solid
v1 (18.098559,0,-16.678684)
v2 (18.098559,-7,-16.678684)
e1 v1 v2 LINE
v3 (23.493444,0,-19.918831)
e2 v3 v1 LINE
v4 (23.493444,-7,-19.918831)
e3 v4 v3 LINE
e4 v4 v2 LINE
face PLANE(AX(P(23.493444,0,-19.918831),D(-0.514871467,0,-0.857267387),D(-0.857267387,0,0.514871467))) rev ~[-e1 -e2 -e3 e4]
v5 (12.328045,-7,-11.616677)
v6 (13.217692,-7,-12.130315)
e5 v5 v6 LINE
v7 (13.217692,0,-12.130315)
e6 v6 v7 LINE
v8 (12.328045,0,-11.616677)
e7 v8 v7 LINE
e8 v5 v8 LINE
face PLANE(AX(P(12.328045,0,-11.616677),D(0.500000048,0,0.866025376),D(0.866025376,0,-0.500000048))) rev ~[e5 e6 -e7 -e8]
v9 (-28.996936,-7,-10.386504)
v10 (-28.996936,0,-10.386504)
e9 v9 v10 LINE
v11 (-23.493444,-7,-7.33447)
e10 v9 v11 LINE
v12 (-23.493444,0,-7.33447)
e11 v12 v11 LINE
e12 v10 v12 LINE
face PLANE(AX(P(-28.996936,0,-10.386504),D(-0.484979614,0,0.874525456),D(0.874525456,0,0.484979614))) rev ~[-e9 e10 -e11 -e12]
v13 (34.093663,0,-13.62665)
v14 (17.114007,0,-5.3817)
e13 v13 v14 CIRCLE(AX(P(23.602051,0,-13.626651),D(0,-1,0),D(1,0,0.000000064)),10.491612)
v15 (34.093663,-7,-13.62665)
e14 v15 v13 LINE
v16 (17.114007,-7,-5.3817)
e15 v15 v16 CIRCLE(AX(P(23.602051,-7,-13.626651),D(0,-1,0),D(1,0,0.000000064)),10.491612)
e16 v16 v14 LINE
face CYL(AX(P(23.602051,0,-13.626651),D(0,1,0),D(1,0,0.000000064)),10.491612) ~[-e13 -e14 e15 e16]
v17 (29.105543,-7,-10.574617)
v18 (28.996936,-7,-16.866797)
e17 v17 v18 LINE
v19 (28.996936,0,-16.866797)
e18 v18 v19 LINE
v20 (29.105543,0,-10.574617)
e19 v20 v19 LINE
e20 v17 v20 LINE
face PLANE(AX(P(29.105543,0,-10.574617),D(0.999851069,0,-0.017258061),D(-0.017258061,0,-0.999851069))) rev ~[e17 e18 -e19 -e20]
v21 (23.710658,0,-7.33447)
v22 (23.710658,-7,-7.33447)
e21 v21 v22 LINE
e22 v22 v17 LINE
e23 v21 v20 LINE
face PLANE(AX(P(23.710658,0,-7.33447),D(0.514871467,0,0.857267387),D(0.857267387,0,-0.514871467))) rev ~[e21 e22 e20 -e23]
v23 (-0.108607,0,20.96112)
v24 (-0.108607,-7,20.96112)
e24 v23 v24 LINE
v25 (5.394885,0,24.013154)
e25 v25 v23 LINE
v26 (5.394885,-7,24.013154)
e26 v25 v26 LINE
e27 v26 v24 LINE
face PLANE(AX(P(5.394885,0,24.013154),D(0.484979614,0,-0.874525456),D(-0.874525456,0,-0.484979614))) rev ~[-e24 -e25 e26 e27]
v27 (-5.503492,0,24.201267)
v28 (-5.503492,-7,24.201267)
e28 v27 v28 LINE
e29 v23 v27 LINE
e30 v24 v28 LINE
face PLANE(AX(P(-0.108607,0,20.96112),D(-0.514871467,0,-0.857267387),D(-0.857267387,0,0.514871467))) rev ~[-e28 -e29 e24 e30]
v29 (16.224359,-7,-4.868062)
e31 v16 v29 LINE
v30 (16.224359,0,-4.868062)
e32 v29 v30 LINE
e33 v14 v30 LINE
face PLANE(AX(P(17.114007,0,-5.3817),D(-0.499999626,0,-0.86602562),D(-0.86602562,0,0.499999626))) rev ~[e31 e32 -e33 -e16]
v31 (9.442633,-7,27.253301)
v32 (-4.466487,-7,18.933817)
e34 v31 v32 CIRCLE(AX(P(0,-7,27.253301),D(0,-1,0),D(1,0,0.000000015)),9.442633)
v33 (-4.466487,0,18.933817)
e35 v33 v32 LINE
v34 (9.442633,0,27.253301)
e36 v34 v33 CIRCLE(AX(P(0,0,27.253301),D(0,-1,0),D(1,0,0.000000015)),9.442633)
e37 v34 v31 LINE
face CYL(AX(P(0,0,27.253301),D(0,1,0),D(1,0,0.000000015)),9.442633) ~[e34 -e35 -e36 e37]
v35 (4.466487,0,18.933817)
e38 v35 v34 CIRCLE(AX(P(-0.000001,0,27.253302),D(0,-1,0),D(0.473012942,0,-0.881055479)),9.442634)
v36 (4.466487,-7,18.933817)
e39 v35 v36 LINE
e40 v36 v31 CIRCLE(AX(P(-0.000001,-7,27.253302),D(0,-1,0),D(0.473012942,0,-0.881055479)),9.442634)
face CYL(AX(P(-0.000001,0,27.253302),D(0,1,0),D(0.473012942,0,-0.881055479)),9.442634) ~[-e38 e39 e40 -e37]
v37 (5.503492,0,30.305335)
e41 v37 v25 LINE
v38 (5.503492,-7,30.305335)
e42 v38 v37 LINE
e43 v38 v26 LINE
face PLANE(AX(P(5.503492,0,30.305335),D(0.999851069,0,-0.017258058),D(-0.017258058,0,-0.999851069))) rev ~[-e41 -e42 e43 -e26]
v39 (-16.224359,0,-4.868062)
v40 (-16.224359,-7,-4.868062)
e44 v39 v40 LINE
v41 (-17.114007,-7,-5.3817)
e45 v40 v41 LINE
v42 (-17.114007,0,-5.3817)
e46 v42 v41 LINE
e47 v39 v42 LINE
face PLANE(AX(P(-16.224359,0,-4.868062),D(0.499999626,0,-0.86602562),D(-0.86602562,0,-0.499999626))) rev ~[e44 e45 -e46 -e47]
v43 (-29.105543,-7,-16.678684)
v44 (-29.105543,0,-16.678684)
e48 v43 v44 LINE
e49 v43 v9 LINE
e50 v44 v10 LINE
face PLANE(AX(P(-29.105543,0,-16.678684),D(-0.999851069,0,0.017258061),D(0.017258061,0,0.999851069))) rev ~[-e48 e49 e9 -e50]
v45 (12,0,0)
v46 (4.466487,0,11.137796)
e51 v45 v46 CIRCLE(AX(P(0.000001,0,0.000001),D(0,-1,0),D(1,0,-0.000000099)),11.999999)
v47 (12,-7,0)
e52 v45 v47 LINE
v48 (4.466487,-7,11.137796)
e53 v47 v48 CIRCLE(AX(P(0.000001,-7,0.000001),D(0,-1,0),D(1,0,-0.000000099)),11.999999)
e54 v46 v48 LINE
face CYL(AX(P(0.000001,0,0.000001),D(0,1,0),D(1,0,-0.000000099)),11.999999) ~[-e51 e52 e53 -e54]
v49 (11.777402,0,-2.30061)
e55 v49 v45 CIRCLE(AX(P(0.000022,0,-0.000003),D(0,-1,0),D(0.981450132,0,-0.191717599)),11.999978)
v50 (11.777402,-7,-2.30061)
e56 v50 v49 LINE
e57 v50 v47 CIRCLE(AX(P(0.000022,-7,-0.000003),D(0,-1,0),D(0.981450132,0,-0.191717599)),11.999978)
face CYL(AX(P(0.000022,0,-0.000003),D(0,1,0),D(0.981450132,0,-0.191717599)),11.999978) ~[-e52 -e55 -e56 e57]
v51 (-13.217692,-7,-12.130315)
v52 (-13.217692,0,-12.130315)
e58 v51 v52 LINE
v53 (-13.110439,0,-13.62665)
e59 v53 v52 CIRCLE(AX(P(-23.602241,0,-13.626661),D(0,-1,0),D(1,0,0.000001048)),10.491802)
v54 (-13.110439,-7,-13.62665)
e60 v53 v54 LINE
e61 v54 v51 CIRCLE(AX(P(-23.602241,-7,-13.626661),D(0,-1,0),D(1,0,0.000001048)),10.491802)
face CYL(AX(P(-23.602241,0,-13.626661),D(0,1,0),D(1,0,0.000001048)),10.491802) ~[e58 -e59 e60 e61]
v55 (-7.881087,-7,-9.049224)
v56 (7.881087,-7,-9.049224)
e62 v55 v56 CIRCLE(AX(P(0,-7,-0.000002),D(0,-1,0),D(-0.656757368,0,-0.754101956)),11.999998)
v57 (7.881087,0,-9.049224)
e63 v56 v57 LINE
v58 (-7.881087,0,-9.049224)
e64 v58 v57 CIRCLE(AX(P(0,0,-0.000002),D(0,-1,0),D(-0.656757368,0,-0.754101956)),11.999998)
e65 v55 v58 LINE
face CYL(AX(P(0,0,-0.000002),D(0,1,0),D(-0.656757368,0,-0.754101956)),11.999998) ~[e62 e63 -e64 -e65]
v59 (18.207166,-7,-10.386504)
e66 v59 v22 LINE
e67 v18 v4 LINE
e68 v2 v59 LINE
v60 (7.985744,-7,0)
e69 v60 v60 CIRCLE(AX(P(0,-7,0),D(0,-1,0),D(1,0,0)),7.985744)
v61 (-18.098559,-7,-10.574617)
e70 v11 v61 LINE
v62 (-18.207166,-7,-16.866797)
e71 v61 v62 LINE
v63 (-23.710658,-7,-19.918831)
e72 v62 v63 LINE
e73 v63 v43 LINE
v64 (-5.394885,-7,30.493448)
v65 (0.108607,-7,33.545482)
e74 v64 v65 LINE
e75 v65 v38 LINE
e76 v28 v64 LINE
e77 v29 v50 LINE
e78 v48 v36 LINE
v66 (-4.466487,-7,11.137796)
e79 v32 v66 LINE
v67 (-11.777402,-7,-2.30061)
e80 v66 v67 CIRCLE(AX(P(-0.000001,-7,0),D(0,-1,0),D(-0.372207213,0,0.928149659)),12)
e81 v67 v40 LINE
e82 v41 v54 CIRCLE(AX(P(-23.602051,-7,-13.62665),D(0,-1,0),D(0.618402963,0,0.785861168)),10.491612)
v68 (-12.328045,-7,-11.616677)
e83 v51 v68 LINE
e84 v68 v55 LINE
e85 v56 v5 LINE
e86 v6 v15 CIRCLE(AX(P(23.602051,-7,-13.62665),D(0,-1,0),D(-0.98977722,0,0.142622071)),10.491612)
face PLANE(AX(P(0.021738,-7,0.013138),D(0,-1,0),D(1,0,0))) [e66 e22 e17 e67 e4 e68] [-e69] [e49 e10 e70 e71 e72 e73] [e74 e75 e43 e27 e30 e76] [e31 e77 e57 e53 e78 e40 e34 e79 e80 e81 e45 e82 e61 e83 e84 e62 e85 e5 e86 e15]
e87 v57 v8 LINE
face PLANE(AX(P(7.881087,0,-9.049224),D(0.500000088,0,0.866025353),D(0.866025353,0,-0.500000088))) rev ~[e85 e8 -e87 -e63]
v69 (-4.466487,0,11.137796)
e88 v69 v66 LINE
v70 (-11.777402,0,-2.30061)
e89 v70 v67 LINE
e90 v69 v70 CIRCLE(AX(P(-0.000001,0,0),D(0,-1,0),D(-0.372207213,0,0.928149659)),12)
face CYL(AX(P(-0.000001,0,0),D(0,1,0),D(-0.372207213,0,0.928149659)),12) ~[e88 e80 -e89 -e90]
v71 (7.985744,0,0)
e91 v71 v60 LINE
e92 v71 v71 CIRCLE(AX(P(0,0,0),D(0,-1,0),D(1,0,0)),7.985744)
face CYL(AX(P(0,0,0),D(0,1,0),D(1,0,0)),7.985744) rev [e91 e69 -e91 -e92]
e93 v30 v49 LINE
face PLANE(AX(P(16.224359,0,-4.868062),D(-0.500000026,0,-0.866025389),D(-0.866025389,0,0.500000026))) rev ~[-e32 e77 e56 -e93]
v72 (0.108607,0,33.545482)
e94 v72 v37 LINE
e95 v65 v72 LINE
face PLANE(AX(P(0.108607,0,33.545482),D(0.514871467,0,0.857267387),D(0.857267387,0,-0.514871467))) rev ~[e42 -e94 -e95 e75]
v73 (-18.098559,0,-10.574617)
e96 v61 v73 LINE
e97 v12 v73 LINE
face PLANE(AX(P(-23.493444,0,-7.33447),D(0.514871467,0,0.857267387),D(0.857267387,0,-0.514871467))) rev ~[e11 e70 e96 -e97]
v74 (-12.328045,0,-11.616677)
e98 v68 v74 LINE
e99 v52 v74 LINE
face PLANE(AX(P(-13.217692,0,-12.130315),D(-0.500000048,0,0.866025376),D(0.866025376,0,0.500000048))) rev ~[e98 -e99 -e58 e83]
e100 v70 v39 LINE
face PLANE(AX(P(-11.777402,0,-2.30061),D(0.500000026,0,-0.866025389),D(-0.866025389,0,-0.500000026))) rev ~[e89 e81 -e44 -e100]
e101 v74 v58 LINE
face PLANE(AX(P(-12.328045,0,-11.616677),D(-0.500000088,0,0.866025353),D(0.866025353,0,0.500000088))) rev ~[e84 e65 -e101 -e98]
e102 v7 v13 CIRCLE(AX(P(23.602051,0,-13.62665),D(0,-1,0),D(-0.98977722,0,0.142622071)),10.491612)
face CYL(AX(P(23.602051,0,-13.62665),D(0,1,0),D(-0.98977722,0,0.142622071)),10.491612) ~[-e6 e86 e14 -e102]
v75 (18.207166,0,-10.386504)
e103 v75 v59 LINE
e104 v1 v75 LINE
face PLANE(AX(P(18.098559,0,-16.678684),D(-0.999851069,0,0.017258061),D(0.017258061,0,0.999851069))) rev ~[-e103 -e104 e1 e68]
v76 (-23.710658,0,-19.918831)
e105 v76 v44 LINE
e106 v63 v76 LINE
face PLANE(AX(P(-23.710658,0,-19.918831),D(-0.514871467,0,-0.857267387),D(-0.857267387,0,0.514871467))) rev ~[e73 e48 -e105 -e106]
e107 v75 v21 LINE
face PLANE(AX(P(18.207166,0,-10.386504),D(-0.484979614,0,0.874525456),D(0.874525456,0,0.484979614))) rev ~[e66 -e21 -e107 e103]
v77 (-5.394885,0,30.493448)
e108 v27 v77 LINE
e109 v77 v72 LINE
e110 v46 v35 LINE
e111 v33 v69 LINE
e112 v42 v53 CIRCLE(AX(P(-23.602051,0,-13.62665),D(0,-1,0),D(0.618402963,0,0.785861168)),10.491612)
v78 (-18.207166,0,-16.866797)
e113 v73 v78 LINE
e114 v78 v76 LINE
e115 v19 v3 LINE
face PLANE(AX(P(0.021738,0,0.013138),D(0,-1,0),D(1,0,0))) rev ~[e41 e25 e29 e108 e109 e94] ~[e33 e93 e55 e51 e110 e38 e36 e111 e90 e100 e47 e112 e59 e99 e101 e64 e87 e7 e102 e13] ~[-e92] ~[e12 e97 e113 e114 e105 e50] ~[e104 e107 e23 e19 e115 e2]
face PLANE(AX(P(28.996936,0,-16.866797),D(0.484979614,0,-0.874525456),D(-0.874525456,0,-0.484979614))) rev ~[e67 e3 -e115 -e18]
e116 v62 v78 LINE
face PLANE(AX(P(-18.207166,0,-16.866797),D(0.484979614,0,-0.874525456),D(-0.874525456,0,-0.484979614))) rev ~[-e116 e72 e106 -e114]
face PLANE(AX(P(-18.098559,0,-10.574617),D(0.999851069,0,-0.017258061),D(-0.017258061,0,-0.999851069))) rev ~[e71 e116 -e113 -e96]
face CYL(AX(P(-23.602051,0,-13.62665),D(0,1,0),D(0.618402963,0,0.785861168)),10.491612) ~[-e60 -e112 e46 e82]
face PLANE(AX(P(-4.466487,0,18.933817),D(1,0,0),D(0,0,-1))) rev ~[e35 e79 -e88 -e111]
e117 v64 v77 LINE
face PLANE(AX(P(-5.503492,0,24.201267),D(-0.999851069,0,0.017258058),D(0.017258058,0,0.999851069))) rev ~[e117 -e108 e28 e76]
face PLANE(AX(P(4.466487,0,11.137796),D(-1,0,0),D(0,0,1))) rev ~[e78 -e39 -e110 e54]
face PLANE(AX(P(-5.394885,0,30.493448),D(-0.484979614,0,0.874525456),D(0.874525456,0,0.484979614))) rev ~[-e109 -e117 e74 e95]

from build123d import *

# Parameters (mm, degrees)
F0_R     = 7.985744
F1_DEPTH = 7
F2_DEPTH = 0.25


with BuildPart() as f1:
    # F0 (on Front) → F1 (new body)
    with BuildSketch(Plane.XZ):
        with BuildLine():
            ThreePointArc((11.777402, -2.30061), (11.944221, -1.155677), (12, 0))
            ThreePointArc((12, 0), (9.939765, 6.723175), (4.466487, 11.137796))
            ThreePointArc((4.466487, 11.137796), (0, 12), (-4.466487, 11.137796))
            ThreePointArc((-4.466487, 11.137796), (-10.541047, 5.734661), (-11.777402, -2.30061))
            ThreePointArc((-11.777402, -2.30061), (-10.392305, -6), (-7.881087, -9.049224))
            ThreePointArc((-7.881087, -9.049224), (0, -12), (7.881087, -9.049224))
            ThreePointArc((7.881087, -9.049224), (10.392305, -6), (11.777402, -2.30061))
        make_face()
        Circle(F0_R, mode=Mode.SUBTRACT)
        with BuildLine():
            ThreePointArc((-4.466487, 11.137796), (0, 12), (4.466487, 11.137796))
            Line((4.466487, 11.137796), (4.466487, 17.906541))
            Line((4.466487, 17.906541), (4.466487, 18.933817))
            ThreePointArc((4.466487, 18.933817), (0, 17.810668), (-4.466487, 18.933817))
            Line((-4.466487, 18.933817), (-4.466487, 17.906541))
            Line((-4.466487, 17.906541), (-4.466487, 11.137796))
        make_face()
        with BuildLine():
            Line((16.224359, -4.868062), (11.777402, -2.30061))
            ThreePointArc((11.777402, -2.30061), (10.392305, -6), (7.881087, -9.049224))
            Line((7.881087, -9.049224), (12.328045, -11.616677))
            Line((12.328045, -11.616677), (13.217692, -12.130315))
            ThreePointArc((13.217692, -12.130315), (14.516048, -8.380844), (17.114007, -5.3817))
            Line((17.114007, -5.3817), (16.224359, -4.868062))
        make_face()
        with BuildLine():
            ThreePointArc((-7.881087, -9.049224), (-10.392305, -6), (-11.777402, -2.30061))
            Line((-11.777402, -2.30061), (-16.224359, -4.868062))
            Line((-16.224359, -4.868062), (-17.114007, -5.3817))
            ThreePointArc((-17.114007, -5.3817), (-14.516048, -8.380844), (-13.217692, -12.130315))
            Line((-13.217692, -12.130315), (-12.328045, -11.616677))
            Line((-12.328045, -11.616677), (-7.881087, -9.049224))
        make_face()
        with BuildLine():
            ThreePointArc((-4.466487, 18.933817), (0, 17.810668), (4.466487, 18.933817))
            ThreePointArc((4.466487, 18.933817), (8.103663, 22.406244), (9.442633, 27.253301))
            ThreePointArc((9.442633, 27.253301), (-4.847057, 35.356964), (-4.466487, 18.933817))
        make_face()
        Polygon((5.394885, 24.013154), (-0.108607, 20.96112), (-5.503492, 24.201267), (-5.394885, 30.493448), (0.108607, 33.545482), (5.503492, 30.305335), align=None, mode=Mode.SUBTRACT)
        with BuildLine():
            ThreePointArc((34.093663, -13.62665), (28.184838, -4.188855), (17.114007, -5.3817))
            ThreePointArc((17.114007, -5.3817), (14.516048, -8.380844), (13.217692, -12.130315))
            ThreePointArc((13.217692, -12.130315), (22.851964, -24.091415), (34.093663, -13.62665))
        make_face()
        Polygon((18.098559, -16.678684), (18.207166, -10.386504), (23.710658, -7.33447), (29.105543, -10.574617), (28.996936, -16.866797), (23.493444, -19.918831), align=None, mode=Mode.SUBTRACT)
        with BuildLine():
            ThreePointArc((-13.217692, -12.130315), (-14.516048, -8.380844), (-17.114007, -5.3817))
            ThreePointArc((-17.114007, -5.3817), (-33.039846, -18.209438), (-13.110439, -13.62665))
            ThreePointArc((-13.110439, -13.62665), (-13.137287, -12.876563), (-13.217692, -12.130315))
        make_face()
        Polygon((-23.493444, -7.33447), (-18.098559, -10.574617), (-18.207166, -16.866797), (-23.710658, -19.918831), (-29.105543, -16.678684), (-28.996936, -10.386504), align=None, mode=Mode.SUBTRACT)
    extrude(amount=F1_DEPTH)

    # F0 (on Front) → F2 (join)
    with BuildSketch(Plane.XZ):
        with BuildLine():
            ThreePointArc((11.777402, -2.30061), (11.944221, -1.155677), (12, 0))
            ThreePointArc((12, 0), (9.939765, 6.723175), (4.466487, 11.137796))
            ThreePointArc((4.466487, 11.137796), (0, 12), (-4.466487, 11.137796))
            ThreePointArc((-4.466487, 11.137796), (-10.541047, 5.734661), (-11.777402, -2.30061))
            ThreePointArc((-11.777402, -2.30061), (-10.392305, -6), (-7.881087, -9.049224))
            ThreePointArc((-7.881087, -9.049224), (0, -12), (7.881087, -9.049224))
            ThreePointArc((7.881087, -9.049224), (10.392305, -6), (11.777402, -2.30061))
        make_face()
        Circle(F0_R, mode=Mode.SUBTRACT)
        with BuildLine():
            ThreePointArc((-4.466487, 11.137796), (0, 12), (4.466487, 11.137796))
            Line((4.466487, 11.137796), (4.466487, 17.906541))
            Line((4.466487, 17.906541), (4.466487, 18.933817))
            ThreePointArc((4.466487, 18.933817), (0, 17.810668), (-4.466487, 18.933817))
            Line((-4.466487, 18.933817), (-4.466487, 17.906541))
            Line((-4.466487, 17.906541), (-4.466487, 11.137796))
        make_face()
        with BuildLine():
            Line((16.224359, -4.868062), (11.777402, -2.30061))
            ThreePointArc((11.777402, -2.30061), (10.392305, -6), (7.881087, -9.049224))
            Line((7.881087, -9.049224), (12.328045, -11.616677))
            Line((12.328045, -11.616677), (13.217692, -12.130315))
            ThreePointArc((13.217692, -12.130315), (14.516048, -8.380844), (17.114007, -5.3817))
            Line((17.114007, -5.3817), (16.224359, -4.868062))
        make_face()
        with BuildLine():
            ThreePointArc((-7.881087, -9.049224), (-10.392305, -6), (-11.777402, -2.30061))
            Line((-11.777402, -2.30061), (-16.224359, -4.868062))
            Line((-16.224359, -4.868062), (-17.114007, -5.3817))
            ThreePointArc((-17.114007, -5.3817), (-14.516048, -8.380844), (-13.217692, -12.130315))
            Line((-13.217692, -12.130315), (-12.328045, -11.616677))
            Line((-12.328045, -11.616677), (-7.881087, -9.049224))
        make_face()
        with BuildLine():
            ThreePointArc((-4.466487, 18.933817), (0, 17.810668), (4.466487, 18.933817))
            ThreePointArc((4.466487, 18.933817), (8.103663, 22.406244), (9.442633, 27.253301))
            ThreePointArc((9.442633, 27.253301), (-4.847057, 35.356964), (-4.466487, 18.933817))
        make_face()
        Polygon((5.394885, 24.013154), (-0.108607, 20.96112), (-5.503492, 24.201267), (-5.394885, 30.493448), (0.108607, 33.545482), (5.503492, 30.305335), align=None, mode=Mode.SUBTRACT)
        with BuildLine():
            ThreePointArc((34.093663, -13.62665), (28.184838, -4.188855), (17.114007, -5.3817))
            ThreePointArc((17.114007, -5.3817), (14.516048, -8.380844), (13.217692, -12.130315))
            ThreePointArc((13.217692, -12.130315), (22.851964, -24.091415), (34.093663, -13.62665))
        make_face()
        Polygon((18.098559, -16.678684), (18.207166, -10.386504), (23.710658, -7.33447), (29.105543, -10.574617), (28.996936, -16.866797), (23.493444, -19.918831), align=None, mode=Mode.SUBTRACT)
        with BuildLine():
            ThreePointArc((-13.217692, -12.130315), (-14.516048, -8.380844), (-17.114007, -5.3817))
            ThreePointArc((-17.114007, -5.3817), (-33.039846, -18.209438), (-13.110439, -13.62665))
            ThreePointArc((-13.110439, -13.62665), (-13.137287, -12.876563), (-13.217692, -12.130315))
        make_face()
        Polygon((-23.493444, -7.33447), (-18.098559, -10.574617), (-18.207166, -16.866797), (-23.710658, -19.918831), (-29.105543, -16.678684), (-28.996936, -10.386504), align=None, mode=Mode.SUBTRACT)
    extrude(amount=F2_DEPTH)


solid = f1.part
